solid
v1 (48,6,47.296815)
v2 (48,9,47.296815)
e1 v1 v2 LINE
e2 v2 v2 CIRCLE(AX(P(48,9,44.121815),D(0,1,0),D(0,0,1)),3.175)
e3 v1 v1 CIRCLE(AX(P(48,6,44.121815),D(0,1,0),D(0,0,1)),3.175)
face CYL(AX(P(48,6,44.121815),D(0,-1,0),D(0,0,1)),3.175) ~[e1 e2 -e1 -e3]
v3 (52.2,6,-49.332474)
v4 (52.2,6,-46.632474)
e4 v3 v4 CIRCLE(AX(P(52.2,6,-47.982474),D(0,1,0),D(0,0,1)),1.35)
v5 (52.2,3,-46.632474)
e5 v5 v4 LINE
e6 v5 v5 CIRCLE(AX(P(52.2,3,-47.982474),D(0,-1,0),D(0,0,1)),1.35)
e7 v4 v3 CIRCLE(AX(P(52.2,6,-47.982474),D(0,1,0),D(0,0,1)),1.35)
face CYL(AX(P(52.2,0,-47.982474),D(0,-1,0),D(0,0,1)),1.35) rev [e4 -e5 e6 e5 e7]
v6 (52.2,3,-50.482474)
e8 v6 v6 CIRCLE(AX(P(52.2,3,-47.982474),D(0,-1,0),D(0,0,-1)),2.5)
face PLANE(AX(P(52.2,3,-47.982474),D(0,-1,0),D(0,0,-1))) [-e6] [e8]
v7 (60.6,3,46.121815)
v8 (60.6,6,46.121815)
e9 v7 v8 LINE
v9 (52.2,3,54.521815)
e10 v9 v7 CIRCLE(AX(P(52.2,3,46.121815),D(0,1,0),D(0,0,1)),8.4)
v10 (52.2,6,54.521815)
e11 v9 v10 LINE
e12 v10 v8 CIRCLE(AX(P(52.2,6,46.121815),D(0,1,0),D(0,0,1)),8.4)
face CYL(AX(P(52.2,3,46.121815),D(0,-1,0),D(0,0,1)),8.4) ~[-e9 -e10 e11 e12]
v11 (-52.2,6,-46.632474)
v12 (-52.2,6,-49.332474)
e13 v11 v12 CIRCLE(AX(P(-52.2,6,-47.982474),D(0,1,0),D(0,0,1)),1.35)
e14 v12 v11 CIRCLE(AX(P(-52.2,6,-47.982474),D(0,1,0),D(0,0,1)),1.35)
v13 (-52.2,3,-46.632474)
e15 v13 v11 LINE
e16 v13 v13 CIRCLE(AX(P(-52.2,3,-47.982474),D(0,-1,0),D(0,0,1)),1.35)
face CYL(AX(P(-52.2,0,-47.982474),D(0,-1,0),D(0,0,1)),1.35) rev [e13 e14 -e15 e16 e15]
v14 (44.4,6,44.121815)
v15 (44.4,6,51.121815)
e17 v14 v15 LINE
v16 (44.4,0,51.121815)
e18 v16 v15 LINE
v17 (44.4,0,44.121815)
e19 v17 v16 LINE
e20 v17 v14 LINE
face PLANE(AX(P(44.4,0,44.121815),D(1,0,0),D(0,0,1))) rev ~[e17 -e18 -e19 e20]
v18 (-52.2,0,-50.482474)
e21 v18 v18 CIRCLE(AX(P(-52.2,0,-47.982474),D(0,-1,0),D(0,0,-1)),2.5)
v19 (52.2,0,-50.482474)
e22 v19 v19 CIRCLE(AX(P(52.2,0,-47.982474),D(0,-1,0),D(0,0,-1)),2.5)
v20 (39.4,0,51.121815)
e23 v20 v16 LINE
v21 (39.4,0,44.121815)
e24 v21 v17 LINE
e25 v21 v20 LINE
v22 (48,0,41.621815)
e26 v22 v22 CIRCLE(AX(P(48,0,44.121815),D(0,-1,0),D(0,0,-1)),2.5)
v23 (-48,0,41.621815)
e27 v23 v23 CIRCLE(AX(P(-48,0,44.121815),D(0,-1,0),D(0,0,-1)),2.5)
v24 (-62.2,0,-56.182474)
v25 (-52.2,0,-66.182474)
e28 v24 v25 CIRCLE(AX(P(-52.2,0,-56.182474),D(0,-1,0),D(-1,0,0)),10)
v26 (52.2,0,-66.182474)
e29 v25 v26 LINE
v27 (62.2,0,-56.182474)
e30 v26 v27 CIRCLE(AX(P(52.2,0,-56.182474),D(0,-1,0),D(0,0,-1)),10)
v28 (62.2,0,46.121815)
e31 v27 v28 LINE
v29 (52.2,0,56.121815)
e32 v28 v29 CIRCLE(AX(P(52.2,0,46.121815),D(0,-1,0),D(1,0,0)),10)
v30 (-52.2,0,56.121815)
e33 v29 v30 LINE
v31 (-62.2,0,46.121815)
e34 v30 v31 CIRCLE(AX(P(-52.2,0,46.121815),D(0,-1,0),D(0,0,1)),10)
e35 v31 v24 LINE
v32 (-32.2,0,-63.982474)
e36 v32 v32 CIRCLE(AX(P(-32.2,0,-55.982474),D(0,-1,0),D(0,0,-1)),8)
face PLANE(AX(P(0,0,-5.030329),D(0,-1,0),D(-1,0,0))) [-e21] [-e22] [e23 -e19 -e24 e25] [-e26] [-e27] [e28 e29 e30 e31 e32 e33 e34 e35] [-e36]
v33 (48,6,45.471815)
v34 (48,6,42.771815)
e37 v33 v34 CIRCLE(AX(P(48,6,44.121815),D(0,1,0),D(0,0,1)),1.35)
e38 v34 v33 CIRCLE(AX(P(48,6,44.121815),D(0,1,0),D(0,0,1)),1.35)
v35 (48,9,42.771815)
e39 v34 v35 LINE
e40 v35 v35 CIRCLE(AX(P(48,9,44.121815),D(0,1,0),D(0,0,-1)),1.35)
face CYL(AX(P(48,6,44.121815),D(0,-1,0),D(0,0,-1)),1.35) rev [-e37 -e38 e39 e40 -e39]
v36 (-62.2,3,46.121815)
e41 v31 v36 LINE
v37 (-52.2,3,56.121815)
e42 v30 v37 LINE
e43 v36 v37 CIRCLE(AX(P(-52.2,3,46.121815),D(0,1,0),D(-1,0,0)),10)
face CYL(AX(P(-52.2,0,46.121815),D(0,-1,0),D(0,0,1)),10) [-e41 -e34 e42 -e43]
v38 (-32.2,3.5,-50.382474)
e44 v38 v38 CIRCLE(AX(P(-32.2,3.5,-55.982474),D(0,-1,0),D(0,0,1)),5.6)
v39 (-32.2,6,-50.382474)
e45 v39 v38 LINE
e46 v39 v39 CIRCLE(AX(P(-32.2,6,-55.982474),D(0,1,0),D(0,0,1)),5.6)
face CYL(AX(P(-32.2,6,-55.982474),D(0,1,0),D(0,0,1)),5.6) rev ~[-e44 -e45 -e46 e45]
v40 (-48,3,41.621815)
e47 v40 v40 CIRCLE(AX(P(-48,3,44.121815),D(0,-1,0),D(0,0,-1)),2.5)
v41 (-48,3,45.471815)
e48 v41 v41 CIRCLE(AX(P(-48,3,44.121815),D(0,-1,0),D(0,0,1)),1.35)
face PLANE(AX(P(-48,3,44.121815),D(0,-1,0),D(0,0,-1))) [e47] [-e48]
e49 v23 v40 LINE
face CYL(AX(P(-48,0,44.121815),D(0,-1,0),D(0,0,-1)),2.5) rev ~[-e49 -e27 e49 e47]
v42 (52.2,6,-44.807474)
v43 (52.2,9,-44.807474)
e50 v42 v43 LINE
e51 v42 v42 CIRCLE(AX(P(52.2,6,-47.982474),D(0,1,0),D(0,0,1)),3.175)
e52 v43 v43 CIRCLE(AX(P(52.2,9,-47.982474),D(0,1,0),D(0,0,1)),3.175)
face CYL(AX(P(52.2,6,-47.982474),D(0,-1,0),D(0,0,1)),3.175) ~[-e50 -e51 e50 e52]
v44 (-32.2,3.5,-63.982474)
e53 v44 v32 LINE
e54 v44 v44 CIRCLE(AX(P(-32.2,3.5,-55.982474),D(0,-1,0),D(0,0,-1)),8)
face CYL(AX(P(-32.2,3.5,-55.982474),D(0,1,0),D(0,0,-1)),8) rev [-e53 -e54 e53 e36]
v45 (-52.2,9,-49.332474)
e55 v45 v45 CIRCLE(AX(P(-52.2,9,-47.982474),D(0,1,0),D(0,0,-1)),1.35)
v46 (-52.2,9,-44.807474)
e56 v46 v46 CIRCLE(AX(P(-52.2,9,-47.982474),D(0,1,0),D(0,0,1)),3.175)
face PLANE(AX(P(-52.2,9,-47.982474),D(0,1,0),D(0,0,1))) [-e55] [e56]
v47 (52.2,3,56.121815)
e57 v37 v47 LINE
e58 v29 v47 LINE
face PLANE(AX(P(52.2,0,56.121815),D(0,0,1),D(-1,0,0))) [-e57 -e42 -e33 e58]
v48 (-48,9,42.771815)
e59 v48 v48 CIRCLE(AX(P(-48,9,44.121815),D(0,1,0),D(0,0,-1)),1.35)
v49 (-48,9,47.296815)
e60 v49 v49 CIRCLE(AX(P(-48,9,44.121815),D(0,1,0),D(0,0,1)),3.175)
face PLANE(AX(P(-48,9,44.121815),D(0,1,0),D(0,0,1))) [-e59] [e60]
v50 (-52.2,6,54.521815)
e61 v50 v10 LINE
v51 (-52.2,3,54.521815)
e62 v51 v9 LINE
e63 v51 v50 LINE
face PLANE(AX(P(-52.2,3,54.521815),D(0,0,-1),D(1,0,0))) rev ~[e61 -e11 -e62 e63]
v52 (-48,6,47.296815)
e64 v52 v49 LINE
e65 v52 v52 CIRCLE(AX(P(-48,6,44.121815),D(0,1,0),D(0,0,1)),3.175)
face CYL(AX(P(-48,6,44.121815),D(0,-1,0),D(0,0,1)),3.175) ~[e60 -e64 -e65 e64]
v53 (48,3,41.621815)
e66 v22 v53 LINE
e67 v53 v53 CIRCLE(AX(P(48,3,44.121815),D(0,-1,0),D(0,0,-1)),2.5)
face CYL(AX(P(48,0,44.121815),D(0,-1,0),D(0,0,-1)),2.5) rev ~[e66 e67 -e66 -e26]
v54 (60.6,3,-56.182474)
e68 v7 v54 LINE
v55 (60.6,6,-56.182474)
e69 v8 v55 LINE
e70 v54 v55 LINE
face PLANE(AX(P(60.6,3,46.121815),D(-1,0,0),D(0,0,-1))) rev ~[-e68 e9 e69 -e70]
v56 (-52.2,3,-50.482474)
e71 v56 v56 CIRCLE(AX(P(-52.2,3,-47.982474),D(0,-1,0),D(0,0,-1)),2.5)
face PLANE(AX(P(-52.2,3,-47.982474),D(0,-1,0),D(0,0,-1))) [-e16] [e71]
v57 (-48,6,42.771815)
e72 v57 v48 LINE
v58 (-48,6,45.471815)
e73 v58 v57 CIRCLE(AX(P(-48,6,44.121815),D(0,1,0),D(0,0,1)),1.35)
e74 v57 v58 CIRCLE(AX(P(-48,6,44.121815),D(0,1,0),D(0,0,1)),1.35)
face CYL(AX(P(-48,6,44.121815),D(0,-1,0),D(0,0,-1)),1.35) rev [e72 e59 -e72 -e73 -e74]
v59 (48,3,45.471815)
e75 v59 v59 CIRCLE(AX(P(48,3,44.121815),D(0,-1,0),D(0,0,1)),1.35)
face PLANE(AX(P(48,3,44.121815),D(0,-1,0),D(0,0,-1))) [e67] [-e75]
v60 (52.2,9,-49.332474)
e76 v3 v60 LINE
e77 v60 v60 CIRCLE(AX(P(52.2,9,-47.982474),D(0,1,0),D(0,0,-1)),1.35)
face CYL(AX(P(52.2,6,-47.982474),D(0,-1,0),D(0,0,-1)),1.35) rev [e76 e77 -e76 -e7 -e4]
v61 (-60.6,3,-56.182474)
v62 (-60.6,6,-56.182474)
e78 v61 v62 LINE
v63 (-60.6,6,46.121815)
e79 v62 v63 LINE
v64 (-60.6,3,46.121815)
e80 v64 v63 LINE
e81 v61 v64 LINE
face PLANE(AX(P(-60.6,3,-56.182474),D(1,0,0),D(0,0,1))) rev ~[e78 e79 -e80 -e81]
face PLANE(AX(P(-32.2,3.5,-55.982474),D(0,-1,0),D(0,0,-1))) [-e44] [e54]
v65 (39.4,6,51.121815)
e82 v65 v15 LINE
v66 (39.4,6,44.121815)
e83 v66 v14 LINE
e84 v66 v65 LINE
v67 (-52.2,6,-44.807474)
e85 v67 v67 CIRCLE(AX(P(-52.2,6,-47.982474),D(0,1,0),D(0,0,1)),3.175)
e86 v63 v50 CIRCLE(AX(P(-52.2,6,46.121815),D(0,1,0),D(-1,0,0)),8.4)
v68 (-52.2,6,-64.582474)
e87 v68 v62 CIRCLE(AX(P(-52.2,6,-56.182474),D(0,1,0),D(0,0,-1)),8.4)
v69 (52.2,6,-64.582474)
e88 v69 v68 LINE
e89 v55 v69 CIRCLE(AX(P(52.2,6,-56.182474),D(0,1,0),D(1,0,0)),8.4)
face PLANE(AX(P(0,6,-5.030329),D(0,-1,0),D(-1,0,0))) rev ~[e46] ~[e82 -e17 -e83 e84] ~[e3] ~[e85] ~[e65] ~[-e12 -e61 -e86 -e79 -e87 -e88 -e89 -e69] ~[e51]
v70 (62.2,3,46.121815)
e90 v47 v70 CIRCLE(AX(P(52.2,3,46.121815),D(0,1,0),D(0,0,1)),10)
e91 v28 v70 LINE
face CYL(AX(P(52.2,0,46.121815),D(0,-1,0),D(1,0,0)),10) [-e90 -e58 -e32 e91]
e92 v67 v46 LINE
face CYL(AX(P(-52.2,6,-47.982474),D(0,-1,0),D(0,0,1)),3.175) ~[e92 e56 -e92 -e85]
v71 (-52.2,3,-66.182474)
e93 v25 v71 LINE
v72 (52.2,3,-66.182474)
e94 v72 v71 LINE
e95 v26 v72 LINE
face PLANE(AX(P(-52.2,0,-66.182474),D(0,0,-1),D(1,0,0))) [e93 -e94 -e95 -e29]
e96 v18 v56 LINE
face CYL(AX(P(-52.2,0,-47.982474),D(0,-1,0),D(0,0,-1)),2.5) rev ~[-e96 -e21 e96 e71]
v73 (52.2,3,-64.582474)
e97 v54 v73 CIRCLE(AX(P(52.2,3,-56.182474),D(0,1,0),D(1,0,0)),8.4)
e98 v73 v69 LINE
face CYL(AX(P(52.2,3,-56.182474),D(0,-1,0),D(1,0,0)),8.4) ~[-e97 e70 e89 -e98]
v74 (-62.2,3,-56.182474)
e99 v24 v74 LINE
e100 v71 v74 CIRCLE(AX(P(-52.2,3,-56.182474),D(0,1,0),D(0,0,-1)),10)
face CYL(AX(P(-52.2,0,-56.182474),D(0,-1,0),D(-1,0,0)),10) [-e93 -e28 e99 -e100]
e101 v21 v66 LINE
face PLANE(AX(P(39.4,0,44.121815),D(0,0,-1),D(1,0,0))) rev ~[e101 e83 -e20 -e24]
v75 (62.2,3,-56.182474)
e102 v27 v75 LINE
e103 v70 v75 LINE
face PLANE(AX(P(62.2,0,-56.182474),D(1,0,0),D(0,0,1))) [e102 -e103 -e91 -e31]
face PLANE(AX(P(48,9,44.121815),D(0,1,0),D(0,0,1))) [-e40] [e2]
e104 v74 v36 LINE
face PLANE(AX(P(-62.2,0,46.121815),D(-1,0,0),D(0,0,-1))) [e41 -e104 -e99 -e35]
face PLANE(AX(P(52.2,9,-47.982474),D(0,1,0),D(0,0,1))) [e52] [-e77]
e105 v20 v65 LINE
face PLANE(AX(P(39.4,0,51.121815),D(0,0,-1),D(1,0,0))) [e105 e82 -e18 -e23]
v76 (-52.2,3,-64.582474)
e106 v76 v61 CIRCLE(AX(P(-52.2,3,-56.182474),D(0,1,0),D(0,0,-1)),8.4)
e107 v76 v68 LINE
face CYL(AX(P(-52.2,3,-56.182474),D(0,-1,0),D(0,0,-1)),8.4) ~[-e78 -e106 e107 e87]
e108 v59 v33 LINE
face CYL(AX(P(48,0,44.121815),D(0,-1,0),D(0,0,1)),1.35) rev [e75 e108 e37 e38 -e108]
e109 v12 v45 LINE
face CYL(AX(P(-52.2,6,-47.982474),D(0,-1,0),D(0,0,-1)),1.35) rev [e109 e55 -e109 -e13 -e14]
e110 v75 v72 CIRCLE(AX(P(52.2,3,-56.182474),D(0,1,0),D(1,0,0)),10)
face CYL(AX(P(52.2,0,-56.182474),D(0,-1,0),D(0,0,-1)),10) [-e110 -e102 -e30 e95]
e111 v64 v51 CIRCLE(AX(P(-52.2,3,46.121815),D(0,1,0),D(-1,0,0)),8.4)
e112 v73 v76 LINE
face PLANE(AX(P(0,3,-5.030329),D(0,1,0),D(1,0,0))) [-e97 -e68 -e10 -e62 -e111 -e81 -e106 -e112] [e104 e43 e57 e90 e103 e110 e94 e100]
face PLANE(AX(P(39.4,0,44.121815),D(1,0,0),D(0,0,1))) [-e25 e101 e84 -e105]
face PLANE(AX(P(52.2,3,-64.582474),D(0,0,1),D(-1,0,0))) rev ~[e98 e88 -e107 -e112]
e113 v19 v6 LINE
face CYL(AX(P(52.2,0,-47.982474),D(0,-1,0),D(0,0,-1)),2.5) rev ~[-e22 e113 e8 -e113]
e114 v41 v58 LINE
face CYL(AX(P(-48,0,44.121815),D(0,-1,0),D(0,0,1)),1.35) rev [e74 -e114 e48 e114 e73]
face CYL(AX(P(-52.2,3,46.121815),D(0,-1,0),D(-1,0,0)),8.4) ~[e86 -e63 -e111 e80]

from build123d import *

# Parameters (mm, degrees)
SKETCH1_R           = 1.35
BOSS_EXTRUDE1_DEPTH = 6
SKETCH2_R           = 2.5
SKETCH2_R_2         = 1.35
CUT_EXTRUDE1_DEPTH  = 3
SKETCH3_R           = 3.175
SKETCH3_R_2         = 1.35
BOSS_EXTRUDE2_DEPTH = 3
CUT_EXTRUDE2_START  = -3
CUT_EXTRUDE2_DEPTH  = 3
SKETCH7_R           = 5.6
CUT_EXTRUDE3_DEPTH  = 10
CUT_EXTRUDE4_START  = -3.5
SKETCH8_R           = 8
SKETCH8_R_2         = 5.6
CUT_EXTRUDE4_DEPTH  = 3.5
SKETCH9_W           = 5
SKETCH9_H           = 7
CUT_EXTRUDE5_DEPTH  = 92.268613627


with BuildPart() as part:
    # Sketch1 → Boss-Extrude1 (new body)
    with BuildSketch(Plane(origin=(0, 0, 0), x_dir=(1, 0, 0), z_dir=(0, 1, 0))):
        with BuildLine():
            Line((-52.2, 66.182473763), (52.2, 66.182473763))
            ThreePointArc((52.2, 66.182473763), (59.271067812, 63.253541574), (62.2, 56.182473763))
            Line((62.2, 56.182473763), (62.2, -46.121814954))
            ThreePointArc((62.2, -46.121814954), (59.271067812, -53.192882766), (52.2, -56.121814954))
            Line((52.2, -56.121814954), (-52.2, -56.121814954))
            ThreePointArc((-52.2, -56.121814954), (-59.271067812, -53.192882766), (-62.2, -46.121814954))
            Line((-62.2, -46.121814954), (-62.2, 56.182473763))
            ThreePointArc((-62.2, 56.182473763), (-59.271067812, 63.253541574), (-52.2, 66.182473763))
        make_face()
        with Locations(Location((-48, -44.121814954, 0), (0, 0, 270))):
            Circle(SKETCH1_R, mode=Mode.SUBTRACT)
        with Locations(Location((-52.2, 47.982473763, 0), (0, 0, 270))):
            Circle(SKETCH1_R, mode=Mode.SUBTRACT)
        with Locations(Location((52.2, 47.982473763, 0), (0, 0, 270))):
            Circle(SKETCH1_R, mode=Mode.SUBTRACT)
        with Locations(Location((48, -44.121814954, 0), (0, 0, 270))):
            Circle(SKETCH1_R, mode=Mode.SUBTRACT)
    extrude(amount=BOSS_EXTRUDE1_DEPTH)

    # Sketch2 → Cut-Extrude1 (cut)
    # profile 1 of 4: a face of its own
    with BuildSketch(Plane.XZ):
        with Locations(Location((-48, 44.121814954, 0), (0, 0, 270))):
            Circle(SKETCH2_R)
        with Locations(Location((-48, 44.121814954, 0), (0, 0, 270))):
            Circle(SKETCH2_R_2, mode=Mode.SUBTRACT)
    # profile 2 of 4: a face of its own
    with BuildSketch(Plane.XZ):
        with Locations(Location((-52.2, -47.982473763, 0), (0, 0, 270))):
            Circle(SKETCH2_R)
        with Locations(Location((-52.2, -47.982473763, 0), (0, 0, 270))):
            Circle(SKETCH2_R_2, mode=Mode.SUBTRACT)
    # profile 3 of 4: a face of its own
    with BuildSketch(Plane.XZ):
        with Locations(Location((52.2, -47.982473763, 0), (0, 0, 270))):
            Circle(SKETCH2_R)
        with Locations(Location((52.2, -47.982473763, 0), (0, 0, 270))):
            Circle(SKETCH2_R_2, mode=Mode.SUBTRACT)
    # profile 4 of 4: a face of its own
    with BuildSketch(Plane.XZ):
        with Locations(Location((48, 44.121814954, 0), (0, 0, 270))):
            Circle(SKETCH2_R)
        with Locations(Location((48, 44.121814954, 0), (0, 0, 270))):
            Circle(SKETCH2_R_2, mode=Mode.SUBTRACT)
    extrude(amount=-CUT_EXTRUDE1_DEPTH, mode=Mode.SUBTRACT)

    # Sketch3 → Boss-Extrude2 (add)
    # profile 1 of 4: a face of its own
    with BuildSketch(Plane(origin=(0, 6, 0), x_dir=(1, 0, 0), z_dir=(0, 1, 0))):
        with Locations(Location((-52.2, 47.982473763, 0), (0, 0, 270))):
            Circle(SKETCH3_R)
        with Locations(Location((-52.2, 47.982473763, 0), (0, 0, 90))):
            Circle(SKETCH3_R_2, mode=Mode.SUBTRACT)
    # profile 2 of 4: a face of its own
    with BuildSketch(Plane(origin=(0, 6, 0), x_dir=(1, 0, 0), z_dir=(0, 1, 0))):
        with Locations(Location((52.2, 47.982473763, 0), (0, 0, 270))):
            Circle(SKETCH3_R)
        with Locations(Location((52.2, 47.982473763, 0), (0, 0, 90))):
            Circle(SKETCH3_R_2, mode=Mode.SUBTRACT)
    # profile 3 of 4: a face of its own
    with BuildSketch(Plane(origin=(0, 6, 0), x_dir=(1, 0, 0), z_dir=(0, 1, 0))):
        with Locations(Location((48, -44.121814954, 0), (0, 0, 270))):
            Circle(SKETCH3_R)
        with Locations(Location((48, -44.121814954, 0), (0, 0, 90))):
            Circle(SKETCH3_R_2, mode=Mode.SUBTRACT)
    # profile 4 of 4: a face of its own
    with BuildSketch(Plane(origin=(0, 6, 0), x_dir=(1, 0, 0), z_dir=(0, 1, 0))):
        with Locations(Location((-48, -44.121814954, 0), (0, 0, 270))):
            Circle(SKETCH3_R)
        with Locations(Location((-48, -44.121814954, 0), (0, 0, 90))):
            Circle(SKETCH3_R_2, mode=Mode.SUBTRACT)
    extrude(amount=BOSS_EXTRUDE2_DEPTH)

    # Sketch4 → Cut-Extrude2 (cut)
    with BuildSketch(Plane(origin=(0, 6, 0), x_dir=(1, 0, 0), z_dir=(0, 1, 0)).offset(CUT_EXTRUDE2_START)):
        with BuildLine():
            Line((52.2, 66.182473763), (-52.2, 66.182473763))
            ThreePointArc((-52.2, 66.182473763), (-59.271067812, 63.253541574), (-62.2, 56.182473763))
            Line((-62.2, 56.182473763), (-62.2, -46.121814954))
            ThreePointArc((-62.2, -46.121814954), (-59.271067812, -53.192882766), (-52.2, -56.121814954))
            Line((-52.2, -56.121814954), (52.2, -56.121814954))
            ThreePointArc((52.2, -56.121814954), (59.271067812, -53.192882766), (62.2, -46.121814954))
            Line((62.2, -46.121814954), (62.2, 56.182473763))
            ThreePointArc((62.2, 56.182473763), (59.271067812, 63.253541574), (52.2, 66.182473763))
        make_face()
        with BuildLine():
            Line((-60.6, 56.182473763), (-60.6, -46.121814954))
            ThreePointArc((-60.6, -46.121814954), (-58.139696962, -52.061511916), (-52.2, -54.521814954))
            Line((-52.2, -54.521814954), (52.2, -54.521814954))
            ThreePointArc((52.2, -54.521814954), (58.139696962, -52.061511916), (60.6, -46.121814954))
            Line((60.6, -46.121814954), (60.6, 56.182473763))
            ThreePointArc((60.6, 56.182473763), (58.139696962, 62.122170725), (52.2, 64.582473763))
            Line((52.2, 64.582473763), (-52.2, 64.582473763))
            ThreePointArc((-52.2, 64.582473763), (-58.139696962, 62.122170725), (-60.6, 56.182473763))
        make_face(mode=Mode.SUBTRACT)
    extrude(amount=CUT_EXTRUDE2_DEPTH, mode=Mode.SUBTRACT)

    # Sketch7 → Cut-Extrude3 (cut)
    with BuildSketch(Plane(origin=(0, 6, 0), x_dir=(1, 0, 0), z_dir=(0, 1, 0))):
        with Locations(Location((-32.2, 55.982473763, 0), (0, 0, 270))):
            Circle(SKETCH7_R)
    extrude(amount=-CUT_EXTRUDE3_DEPTH, mode=Mode.SUBTRACT)

    # Sketch8 → Cut-Extrude4 (cut)
    with BuildSketch(Plane.XZ.offset(CUT_EXTRUDE4_START)):
        with Locations(Location((-32.2, -55.982473763, 0), (0, 0, 270))):
            Circle(SKETCH8_R)
        with Locations(Location((-32.2, -55.982473763, 0), (0, 0, 90))):
            Circle(SKETCH8_R_2, mode=Mode.SUBTRACT)
    extrude(amount=CUT_EXTRUDE4_DEPTH, mode=Mode.SUBTRACT)

    # Sketch9 → Cut-Extrude5 (cut, through all)
    with BuildSketch(Plane.XZ):
        with Locations((41.9, 47.621814954)):
            Rectangle(SKETCH9_W, SKETCH9_H)
    extrude(amount=-CUT_EXTRUDE5_DEPTH, mode=Mode.SUBTRACT)


solid = part.part
